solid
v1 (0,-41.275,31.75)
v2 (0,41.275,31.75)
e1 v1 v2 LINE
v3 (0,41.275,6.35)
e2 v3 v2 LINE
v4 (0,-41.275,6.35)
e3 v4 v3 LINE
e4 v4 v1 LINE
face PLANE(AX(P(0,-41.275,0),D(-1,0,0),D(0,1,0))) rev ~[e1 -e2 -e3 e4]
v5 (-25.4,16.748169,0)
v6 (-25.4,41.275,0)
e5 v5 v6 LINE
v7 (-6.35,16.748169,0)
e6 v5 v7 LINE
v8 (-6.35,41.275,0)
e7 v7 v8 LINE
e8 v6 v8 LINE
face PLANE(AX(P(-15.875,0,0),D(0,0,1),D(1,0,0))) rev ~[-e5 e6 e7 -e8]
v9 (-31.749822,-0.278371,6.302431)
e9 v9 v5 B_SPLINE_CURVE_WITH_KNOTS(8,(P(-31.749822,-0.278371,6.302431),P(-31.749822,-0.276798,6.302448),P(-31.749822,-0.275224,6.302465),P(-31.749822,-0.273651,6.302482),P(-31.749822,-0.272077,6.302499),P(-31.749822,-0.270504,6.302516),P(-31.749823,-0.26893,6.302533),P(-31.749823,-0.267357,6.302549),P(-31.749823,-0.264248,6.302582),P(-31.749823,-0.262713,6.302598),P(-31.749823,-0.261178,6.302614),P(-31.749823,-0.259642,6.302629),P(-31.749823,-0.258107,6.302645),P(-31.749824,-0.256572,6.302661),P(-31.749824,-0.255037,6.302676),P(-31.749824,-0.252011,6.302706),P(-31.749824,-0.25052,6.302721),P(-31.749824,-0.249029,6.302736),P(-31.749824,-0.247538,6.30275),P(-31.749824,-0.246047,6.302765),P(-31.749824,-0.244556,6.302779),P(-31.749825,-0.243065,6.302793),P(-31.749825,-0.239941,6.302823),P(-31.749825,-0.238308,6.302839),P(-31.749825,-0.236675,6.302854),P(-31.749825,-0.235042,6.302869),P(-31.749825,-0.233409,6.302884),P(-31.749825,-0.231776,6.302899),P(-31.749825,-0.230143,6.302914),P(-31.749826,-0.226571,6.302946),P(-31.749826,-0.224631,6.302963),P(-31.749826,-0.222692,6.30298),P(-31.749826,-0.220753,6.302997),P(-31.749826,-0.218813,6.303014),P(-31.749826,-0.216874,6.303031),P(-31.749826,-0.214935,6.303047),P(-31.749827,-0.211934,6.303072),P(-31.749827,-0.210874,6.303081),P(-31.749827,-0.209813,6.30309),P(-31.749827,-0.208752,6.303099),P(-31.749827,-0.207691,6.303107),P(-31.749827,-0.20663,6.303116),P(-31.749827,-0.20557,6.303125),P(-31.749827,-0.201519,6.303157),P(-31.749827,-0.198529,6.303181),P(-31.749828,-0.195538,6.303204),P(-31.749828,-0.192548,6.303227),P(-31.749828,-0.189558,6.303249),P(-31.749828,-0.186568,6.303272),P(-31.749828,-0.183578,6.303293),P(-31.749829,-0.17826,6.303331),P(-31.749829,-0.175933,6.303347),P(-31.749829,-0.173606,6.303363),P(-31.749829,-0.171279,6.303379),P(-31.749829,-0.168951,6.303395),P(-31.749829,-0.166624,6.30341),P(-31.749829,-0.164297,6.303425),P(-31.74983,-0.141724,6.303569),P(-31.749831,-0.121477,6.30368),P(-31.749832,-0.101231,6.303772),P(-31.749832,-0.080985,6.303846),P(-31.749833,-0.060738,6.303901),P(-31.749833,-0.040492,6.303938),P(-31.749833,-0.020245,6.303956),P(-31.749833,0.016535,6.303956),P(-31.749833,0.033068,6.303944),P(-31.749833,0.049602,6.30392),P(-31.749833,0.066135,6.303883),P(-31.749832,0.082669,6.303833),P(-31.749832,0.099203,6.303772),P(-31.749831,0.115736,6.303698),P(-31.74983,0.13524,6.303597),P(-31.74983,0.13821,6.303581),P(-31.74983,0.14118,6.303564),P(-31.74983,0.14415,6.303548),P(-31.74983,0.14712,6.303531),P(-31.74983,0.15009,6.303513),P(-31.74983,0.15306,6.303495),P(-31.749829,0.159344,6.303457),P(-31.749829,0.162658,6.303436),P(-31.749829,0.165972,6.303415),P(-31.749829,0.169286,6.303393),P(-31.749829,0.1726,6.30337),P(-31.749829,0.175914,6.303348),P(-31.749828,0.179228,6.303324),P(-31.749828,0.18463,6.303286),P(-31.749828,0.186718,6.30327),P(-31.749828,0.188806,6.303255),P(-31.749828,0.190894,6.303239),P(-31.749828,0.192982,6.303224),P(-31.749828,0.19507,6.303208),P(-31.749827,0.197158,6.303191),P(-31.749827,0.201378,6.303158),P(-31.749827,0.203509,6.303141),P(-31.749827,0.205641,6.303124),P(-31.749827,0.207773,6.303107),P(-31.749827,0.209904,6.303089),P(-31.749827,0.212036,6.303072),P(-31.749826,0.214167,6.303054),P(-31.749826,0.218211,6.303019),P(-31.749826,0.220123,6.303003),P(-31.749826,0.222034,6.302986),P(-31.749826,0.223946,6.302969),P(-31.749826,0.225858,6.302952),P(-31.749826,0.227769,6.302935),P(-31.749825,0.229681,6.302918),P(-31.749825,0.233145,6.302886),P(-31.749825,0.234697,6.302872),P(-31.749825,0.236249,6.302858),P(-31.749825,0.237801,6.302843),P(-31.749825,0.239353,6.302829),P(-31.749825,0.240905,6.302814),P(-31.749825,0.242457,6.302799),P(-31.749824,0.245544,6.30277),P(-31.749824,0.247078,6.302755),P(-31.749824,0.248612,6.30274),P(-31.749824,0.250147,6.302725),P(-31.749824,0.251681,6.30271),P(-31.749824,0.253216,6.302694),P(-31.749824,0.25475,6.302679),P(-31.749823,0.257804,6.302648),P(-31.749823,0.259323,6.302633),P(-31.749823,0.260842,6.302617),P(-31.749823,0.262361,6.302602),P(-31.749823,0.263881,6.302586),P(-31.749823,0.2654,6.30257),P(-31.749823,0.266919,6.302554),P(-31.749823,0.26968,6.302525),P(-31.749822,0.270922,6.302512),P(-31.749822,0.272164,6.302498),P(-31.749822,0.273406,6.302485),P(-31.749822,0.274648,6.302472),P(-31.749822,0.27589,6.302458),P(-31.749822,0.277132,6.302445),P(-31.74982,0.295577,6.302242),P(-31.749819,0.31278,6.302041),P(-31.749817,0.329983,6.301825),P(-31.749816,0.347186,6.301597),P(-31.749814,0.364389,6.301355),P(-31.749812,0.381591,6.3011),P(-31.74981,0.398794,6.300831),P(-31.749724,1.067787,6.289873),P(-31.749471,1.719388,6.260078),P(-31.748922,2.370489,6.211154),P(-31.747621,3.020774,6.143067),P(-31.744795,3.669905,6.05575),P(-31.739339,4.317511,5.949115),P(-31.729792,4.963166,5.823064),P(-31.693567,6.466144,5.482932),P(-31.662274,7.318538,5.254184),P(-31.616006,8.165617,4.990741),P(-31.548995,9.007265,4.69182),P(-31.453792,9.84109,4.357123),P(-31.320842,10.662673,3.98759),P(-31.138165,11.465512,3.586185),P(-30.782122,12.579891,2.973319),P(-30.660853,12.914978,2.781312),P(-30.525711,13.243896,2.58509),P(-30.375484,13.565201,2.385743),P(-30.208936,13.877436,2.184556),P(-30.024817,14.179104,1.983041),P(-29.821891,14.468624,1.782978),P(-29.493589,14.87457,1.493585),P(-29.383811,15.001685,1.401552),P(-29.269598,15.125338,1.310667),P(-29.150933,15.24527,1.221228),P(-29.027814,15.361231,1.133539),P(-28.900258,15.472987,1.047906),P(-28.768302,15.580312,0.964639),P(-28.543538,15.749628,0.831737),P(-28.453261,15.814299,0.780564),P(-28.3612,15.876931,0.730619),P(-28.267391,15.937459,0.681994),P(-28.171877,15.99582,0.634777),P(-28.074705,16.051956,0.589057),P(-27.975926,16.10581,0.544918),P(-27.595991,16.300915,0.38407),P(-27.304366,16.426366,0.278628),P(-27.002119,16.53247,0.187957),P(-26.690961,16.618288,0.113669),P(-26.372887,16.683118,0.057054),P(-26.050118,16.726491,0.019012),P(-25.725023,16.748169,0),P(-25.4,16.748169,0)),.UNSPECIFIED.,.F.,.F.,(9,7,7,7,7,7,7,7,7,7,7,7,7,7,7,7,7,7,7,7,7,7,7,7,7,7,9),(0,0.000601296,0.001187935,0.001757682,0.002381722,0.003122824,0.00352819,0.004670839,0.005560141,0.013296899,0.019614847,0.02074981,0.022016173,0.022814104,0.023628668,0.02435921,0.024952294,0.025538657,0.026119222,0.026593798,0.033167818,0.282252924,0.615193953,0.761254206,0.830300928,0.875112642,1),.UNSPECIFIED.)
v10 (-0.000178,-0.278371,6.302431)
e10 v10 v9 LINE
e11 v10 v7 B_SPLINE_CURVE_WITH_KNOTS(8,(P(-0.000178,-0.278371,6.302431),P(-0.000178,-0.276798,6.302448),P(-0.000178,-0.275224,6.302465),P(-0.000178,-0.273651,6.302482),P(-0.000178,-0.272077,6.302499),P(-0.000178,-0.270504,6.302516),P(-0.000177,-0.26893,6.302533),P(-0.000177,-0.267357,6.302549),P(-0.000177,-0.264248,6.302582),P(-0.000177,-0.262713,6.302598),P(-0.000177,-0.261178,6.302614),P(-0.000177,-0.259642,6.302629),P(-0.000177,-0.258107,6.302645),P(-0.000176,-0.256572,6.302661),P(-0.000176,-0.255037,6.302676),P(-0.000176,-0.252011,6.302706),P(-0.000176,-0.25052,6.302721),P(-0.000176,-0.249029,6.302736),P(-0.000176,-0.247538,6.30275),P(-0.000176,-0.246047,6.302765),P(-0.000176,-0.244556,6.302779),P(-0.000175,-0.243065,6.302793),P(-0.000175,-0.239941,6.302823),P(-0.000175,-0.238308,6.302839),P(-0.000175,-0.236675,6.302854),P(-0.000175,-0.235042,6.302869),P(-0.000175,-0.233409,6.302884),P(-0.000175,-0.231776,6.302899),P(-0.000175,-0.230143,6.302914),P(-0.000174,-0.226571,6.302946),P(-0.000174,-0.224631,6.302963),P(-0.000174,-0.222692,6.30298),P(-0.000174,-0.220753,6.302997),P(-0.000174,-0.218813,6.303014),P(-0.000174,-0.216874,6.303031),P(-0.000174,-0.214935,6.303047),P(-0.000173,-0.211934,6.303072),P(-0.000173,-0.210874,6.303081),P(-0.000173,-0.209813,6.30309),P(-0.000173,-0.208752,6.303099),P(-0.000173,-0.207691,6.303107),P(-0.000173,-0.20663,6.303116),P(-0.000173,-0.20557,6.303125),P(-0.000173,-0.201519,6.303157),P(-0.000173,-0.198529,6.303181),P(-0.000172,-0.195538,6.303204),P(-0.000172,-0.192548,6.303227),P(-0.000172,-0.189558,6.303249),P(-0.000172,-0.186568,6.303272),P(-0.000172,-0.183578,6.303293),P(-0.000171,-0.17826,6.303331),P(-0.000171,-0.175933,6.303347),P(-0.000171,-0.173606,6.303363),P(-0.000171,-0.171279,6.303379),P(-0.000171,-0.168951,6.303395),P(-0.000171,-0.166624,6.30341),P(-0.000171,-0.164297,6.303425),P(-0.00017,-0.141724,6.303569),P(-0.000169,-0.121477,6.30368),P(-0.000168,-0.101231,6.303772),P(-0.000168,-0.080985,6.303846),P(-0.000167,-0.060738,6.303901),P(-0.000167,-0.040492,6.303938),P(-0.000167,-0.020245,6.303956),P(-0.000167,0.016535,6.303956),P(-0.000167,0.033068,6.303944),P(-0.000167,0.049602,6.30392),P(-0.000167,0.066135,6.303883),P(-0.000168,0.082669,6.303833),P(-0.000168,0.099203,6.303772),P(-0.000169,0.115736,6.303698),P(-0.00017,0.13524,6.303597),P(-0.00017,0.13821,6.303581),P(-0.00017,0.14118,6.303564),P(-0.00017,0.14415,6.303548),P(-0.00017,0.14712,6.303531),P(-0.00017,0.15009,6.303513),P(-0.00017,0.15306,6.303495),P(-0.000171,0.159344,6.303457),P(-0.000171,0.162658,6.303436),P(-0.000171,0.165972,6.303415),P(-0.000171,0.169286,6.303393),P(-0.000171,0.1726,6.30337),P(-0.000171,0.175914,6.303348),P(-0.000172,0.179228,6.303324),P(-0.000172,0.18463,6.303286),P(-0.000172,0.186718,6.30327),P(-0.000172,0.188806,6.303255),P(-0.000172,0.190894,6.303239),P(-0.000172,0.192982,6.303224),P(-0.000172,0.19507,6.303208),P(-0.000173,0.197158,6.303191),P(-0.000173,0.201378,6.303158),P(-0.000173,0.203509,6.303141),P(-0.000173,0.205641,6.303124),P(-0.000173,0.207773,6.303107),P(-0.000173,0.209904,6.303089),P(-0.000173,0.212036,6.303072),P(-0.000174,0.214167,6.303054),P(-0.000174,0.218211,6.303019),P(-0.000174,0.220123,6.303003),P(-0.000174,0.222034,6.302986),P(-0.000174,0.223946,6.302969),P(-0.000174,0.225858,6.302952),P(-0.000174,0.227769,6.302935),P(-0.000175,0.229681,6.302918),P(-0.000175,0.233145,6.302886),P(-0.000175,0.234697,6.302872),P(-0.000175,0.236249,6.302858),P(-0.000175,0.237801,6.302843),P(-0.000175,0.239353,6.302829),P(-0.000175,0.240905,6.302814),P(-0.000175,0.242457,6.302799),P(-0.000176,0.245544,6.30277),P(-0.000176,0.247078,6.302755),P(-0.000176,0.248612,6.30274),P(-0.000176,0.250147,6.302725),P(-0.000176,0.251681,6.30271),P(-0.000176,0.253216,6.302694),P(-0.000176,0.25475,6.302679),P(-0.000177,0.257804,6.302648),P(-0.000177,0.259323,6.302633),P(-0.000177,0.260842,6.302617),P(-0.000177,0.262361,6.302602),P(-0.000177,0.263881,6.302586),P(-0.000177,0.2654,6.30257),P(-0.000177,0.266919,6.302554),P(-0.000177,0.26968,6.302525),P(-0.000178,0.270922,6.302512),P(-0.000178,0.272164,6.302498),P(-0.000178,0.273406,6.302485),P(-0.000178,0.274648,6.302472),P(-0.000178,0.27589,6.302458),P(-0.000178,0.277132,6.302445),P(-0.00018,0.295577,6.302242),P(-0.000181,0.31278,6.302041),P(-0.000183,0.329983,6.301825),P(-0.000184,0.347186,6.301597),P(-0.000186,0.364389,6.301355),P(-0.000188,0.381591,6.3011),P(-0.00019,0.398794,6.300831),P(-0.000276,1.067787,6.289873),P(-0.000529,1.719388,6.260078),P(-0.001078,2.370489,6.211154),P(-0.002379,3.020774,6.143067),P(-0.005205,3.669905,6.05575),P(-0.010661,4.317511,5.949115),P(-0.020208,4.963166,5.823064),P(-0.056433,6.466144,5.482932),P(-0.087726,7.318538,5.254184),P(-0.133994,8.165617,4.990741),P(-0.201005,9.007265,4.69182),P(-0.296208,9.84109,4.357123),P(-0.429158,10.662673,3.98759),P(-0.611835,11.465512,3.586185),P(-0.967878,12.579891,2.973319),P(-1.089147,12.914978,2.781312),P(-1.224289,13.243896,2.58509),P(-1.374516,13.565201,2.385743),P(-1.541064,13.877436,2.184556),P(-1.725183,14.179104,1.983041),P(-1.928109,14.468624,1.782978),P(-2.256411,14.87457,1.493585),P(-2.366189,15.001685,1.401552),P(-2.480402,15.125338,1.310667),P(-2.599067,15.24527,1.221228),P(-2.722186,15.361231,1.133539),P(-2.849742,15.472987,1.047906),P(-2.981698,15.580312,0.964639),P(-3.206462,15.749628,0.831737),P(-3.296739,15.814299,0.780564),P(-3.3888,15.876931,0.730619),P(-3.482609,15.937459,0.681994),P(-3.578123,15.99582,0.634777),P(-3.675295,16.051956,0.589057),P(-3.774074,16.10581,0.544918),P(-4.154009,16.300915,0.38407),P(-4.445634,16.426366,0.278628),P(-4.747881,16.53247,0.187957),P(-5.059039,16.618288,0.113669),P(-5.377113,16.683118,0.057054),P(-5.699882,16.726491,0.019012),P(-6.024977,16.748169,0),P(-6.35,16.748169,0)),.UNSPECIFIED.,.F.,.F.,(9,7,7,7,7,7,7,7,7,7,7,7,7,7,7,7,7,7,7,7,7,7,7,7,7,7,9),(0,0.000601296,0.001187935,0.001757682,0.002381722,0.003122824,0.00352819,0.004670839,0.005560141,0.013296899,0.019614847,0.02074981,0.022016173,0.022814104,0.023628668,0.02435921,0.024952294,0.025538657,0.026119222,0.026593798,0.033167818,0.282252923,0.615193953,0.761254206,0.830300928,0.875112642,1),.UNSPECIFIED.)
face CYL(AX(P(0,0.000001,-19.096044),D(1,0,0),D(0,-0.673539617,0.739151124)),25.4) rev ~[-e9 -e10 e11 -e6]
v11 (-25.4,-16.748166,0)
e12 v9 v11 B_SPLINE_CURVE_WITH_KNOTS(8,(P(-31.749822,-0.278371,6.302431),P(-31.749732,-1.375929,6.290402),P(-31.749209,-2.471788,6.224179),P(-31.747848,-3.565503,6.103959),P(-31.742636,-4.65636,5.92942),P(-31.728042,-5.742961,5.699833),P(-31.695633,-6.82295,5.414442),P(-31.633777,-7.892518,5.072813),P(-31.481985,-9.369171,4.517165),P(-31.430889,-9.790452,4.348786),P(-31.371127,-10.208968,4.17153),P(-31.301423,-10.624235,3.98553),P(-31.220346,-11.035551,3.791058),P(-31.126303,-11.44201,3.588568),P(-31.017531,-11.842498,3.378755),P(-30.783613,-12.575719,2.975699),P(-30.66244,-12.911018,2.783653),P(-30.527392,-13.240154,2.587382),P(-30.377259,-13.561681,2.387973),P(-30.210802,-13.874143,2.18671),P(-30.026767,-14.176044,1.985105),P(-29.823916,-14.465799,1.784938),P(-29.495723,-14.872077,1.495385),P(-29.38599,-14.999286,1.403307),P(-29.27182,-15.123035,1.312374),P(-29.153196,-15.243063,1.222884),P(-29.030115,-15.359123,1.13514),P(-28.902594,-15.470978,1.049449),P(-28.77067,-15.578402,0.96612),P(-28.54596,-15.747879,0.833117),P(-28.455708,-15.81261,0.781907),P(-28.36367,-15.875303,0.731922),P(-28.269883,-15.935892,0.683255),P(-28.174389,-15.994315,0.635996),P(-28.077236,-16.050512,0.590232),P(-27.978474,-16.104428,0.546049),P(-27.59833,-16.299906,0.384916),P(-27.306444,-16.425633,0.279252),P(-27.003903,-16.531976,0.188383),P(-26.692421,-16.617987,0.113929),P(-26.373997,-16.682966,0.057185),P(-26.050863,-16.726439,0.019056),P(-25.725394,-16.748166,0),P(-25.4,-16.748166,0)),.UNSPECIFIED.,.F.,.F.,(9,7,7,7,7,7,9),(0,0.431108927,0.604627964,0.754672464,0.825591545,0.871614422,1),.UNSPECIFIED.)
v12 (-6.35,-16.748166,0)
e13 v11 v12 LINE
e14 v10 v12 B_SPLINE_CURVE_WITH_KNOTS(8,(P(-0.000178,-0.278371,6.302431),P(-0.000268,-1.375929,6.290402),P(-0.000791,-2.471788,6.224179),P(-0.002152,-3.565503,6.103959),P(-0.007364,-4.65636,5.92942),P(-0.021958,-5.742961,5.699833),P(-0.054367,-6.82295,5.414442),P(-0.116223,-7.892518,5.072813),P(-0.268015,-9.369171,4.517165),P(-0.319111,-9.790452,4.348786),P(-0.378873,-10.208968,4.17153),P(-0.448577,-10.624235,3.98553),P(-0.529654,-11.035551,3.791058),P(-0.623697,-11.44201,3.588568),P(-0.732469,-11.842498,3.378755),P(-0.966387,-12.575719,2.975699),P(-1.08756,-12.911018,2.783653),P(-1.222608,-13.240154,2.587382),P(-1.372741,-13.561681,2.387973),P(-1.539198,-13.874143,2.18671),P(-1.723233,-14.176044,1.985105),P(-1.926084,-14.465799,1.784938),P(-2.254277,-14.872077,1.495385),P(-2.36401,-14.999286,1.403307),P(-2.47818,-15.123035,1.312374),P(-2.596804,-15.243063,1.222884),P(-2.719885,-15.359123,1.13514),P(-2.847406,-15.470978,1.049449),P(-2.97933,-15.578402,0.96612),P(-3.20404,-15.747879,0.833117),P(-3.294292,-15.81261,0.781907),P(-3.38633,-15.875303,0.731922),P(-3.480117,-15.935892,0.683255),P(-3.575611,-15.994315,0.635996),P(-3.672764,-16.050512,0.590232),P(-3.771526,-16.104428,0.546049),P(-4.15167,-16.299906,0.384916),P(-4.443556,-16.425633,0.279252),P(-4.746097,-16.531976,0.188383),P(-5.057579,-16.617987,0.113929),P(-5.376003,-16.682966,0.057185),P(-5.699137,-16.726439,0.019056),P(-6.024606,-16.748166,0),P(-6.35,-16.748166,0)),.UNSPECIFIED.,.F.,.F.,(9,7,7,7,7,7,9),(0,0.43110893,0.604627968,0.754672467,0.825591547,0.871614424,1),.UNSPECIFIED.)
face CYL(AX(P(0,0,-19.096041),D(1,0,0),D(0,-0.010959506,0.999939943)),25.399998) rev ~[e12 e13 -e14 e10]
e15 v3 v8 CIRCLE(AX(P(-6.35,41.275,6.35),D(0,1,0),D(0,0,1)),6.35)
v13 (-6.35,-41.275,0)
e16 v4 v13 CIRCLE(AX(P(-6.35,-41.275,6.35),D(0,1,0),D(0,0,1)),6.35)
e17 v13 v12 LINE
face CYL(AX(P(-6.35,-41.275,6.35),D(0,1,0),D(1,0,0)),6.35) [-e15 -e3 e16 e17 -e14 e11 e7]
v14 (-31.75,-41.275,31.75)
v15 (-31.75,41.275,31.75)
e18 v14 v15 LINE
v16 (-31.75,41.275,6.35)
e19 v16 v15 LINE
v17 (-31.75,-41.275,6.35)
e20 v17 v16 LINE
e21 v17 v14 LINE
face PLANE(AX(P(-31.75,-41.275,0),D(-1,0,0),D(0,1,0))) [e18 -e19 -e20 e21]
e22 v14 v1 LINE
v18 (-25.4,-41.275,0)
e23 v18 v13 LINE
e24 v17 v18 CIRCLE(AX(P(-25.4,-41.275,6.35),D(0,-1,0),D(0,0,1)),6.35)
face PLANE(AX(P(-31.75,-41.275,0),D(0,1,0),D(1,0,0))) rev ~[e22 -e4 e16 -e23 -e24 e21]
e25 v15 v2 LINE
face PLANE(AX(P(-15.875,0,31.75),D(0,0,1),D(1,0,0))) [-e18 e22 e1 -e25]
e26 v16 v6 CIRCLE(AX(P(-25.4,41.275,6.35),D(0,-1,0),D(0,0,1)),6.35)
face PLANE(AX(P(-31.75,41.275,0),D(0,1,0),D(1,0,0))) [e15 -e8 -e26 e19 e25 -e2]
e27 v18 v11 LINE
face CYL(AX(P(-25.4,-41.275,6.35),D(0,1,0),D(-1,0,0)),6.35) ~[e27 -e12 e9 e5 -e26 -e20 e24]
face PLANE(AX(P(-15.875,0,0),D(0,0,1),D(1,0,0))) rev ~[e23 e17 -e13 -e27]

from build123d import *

# Parameters (mm, degrees)
F0_W     = 31.75
F0_H     = 82.55
F1_DEPTH = 31.75
F2_R     = 6.35
F4_DEPTH = 31.75


with BuildPart() as f1:
    # F0 (on Top) → F1 (new body)
    with BuildSketch(Plane.XY):
        with Locations((-15.875, 0)):
            Rectangle(F0_W, F0_H)
    extrude(amount=F1_DEPTH)

    # F2
    f2_edges = [f1.edges().sort_by_distance(p)[0] for p in [
        (0, 0, 0),
        (-31.75, 0, 0),
    ]]
    fillet(f2_edges, radius=F2_R)

    # F3 (on face) → F4 (cut)
    with BuildSketch(Plane.YZ):
        with BuildLine():
            ThreePointArc((-17.107905, -0.321605), (9.302694, -42.731185), (-0.278371, 6.302431))
            ThreePointArc((-0.278371, 6.302431), (-9.302694, 4.539097), (-17.107905, -0.321605))
        make_face()
    extrude(amount=-F4_DEPTH, mode=Mode.SUBTRACT)


solid = f1.part
